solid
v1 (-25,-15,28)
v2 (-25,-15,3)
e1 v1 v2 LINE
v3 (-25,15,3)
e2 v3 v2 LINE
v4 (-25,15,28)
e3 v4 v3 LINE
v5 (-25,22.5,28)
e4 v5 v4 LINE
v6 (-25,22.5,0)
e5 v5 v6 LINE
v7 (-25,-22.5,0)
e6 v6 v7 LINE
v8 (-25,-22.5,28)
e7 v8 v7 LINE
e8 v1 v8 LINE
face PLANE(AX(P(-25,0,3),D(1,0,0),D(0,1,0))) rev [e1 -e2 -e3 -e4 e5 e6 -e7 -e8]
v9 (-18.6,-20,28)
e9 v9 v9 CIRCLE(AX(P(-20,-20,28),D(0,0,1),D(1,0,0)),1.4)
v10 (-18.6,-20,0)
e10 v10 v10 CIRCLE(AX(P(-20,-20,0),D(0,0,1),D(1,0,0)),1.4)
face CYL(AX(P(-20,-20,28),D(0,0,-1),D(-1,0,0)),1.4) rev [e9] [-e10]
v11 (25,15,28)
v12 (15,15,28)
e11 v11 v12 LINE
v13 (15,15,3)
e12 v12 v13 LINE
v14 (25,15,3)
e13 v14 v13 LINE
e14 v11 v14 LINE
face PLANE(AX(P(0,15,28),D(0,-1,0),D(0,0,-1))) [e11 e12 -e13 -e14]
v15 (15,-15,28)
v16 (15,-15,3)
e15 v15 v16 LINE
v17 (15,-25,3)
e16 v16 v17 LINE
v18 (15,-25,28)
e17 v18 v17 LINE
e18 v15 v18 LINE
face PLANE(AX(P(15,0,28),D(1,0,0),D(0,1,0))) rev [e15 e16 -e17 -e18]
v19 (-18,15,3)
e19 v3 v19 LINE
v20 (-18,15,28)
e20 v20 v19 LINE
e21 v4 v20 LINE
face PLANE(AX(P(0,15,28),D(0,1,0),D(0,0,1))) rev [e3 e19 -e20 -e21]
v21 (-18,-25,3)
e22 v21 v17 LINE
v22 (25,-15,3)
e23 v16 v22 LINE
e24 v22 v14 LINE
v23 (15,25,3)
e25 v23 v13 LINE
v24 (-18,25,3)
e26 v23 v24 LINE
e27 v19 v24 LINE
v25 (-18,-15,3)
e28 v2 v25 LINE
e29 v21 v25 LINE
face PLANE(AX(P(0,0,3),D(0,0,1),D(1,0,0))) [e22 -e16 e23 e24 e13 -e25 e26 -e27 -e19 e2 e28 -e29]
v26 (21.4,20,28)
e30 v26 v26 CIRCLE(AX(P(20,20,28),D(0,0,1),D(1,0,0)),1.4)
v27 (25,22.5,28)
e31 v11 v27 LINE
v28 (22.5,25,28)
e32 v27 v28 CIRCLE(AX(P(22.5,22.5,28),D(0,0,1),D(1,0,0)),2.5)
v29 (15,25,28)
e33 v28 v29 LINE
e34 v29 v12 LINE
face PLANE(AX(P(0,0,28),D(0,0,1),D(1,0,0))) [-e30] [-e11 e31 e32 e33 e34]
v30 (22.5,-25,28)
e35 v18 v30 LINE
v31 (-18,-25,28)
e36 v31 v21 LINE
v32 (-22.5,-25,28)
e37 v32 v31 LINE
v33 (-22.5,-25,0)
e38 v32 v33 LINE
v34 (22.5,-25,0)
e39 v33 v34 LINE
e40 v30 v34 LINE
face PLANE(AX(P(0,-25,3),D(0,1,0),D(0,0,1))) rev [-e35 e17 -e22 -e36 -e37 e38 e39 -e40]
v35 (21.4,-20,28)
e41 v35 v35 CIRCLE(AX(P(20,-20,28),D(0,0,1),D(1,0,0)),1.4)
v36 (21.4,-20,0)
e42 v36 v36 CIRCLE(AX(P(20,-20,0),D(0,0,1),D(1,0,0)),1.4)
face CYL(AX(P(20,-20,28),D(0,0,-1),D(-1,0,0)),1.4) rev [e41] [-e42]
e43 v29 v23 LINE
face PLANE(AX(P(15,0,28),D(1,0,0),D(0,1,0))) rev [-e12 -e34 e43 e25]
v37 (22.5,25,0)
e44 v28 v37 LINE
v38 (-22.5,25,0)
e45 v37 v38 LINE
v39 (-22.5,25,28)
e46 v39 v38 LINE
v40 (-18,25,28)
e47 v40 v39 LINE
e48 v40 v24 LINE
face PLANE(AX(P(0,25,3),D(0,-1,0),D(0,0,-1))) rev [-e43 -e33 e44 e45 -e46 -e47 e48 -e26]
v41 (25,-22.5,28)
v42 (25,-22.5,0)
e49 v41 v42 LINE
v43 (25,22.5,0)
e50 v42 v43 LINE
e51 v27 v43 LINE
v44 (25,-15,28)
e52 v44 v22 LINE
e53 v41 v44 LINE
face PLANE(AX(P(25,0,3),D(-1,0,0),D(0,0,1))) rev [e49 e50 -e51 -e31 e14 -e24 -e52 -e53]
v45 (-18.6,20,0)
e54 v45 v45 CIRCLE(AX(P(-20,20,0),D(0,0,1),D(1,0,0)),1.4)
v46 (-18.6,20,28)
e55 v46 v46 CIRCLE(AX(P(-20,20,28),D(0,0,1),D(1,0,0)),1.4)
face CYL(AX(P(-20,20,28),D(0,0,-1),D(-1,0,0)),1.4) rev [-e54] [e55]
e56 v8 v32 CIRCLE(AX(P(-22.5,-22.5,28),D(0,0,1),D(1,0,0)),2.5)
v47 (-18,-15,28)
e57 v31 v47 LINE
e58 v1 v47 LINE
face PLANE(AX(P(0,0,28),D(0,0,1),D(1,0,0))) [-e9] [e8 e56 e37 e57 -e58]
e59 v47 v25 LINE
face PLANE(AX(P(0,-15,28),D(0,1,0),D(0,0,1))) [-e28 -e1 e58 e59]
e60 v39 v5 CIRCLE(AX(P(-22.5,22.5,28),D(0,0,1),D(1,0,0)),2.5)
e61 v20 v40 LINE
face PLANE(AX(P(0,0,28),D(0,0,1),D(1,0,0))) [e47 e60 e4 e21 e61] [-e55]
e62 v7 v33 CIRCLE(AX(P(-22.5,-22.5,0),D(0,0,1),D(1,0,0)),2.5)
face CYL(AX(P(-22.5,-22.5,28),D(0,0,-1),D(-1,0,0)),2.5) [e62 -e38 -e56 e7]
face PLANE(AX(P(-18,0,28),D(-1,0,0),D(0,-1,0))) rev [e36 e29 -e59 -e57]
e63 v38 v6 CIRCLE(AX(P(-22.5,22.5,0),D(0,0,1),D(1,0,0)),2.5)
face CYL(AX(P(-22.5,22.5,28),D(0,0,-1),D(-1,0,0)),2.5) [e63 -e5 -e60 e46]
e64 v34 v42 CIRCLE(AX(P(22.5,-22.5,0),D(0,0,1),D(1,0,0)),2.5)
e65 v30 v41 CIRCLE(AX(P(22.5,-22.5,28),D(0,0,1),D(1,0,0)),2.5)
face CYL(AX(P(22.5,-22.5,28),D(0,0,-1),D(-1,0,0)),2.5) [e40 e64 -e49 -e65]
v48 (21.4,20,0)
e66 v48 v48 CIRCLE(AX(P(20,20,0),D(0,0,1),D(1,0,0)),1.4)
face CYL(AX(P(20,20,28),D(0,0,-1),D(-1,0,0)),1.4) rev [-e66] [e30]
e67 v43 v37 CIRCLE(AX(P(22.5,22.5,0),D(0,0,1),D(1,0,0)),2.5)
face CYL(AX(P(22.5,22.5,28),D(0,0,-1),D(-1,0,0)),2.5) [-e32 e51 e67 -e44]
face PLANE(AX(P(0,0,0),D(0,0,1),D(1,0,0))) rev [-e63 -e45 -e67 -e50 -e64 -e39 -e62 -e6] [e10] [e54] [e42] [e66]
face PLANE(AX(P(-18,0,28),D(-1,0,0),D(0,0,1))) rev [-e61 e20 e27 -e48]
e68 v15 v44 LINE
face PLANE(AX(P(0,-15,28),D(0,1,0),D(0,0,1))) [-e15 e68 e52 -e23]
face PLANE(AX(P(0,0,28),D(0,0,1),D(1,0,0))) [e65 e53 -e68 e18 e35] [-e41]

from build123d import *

# Parameters (mm, degrees)
BOSS_EXTRUDE1_DEPTH = 3
SKETCH1_3_R         = 1.4
BOSS_EXTRUDE2_DEPTH = 28


with BuildPart() as part:
    # Sketch1 → Boss-Extrude1 (new body)
    with BuildSketch(Plane.XY):
        Polygon((25.000000373, 15), (15, 15), (15, 25.000000373), (-18, 25.000000373), (-18, 15), (-25.000000373, 15), (-25.000000373, -15), (-18, -15), (-18, -25.000000373), (15, -25.000000373), (15, -15), (25.000000373, -15), align=None)
    extrude(amount=BOSS_EXTRUDE1_DEPTH)

    # Sketch1<3> → Boss-Extrude2 (add)
    # profile 1 of 4: a face of its own
    with BuildSketch(Plane.XY):
        with BuildLine():
            Line((15, 25.000000373), (15, 15))
            Line((15, 15), (25.000000373, 15))
            Line((25.000000373, 15), (25.000000373, 22.500000373))
            ThreePointArc((25.000000373, 22.500000373), (24.267767325, 24.267767325), (22.500000373, 25.000000373))
            Line((22.500000373, 25.000000373), (15, 25.000000373))
        make_face()
        with Locations((20, 20)):
            Circle(SKETCH1_3_R, mode=Mode.SUBTRACT)
    # profile 2 of 4: a face of its own
    with BuildSketch(Plane.XY):
        with BuildLine():
            Line((-18, 15), (-18, 25.000000373))
            Line((-18, 25.000000373), (-22.500000373, 25.000000373))
            ThreePointArc((-22.500000373, 25.000000373), (-24.267767325, 24.267767325), (-25.000000373, 22.500000373))
            Line((-25.000000373, 22.500000373), (-25.000000373, 15))
            Line((-25.000000373, 15), (-18, 15))
        make_face()
        with Locations((-20, 20)):
            Circle(SKETCH1_3_R, mode=Mode.SUBTRACT)
    # profile 3 of 4: a face of its own
    with BuildSketch(Plane.XY):
        with BuildLine():
            Line((25.000000373, -22.500000373), (25.000000373, -15))
            Line((25.000000373, -15), (15, -15))
            Line((15, -15), (15, -25.000000373))
            Line((15, -25.000000373), (22.500000373, -25.000000373))
            ThreePointArc((22.500000373, -25.000000373), (24.267767325, -24.267767325), (25.000000373, -22.500000373))
        make_face()
        with Locations((20, -20)):
            Circle(SKETCH1_3_R, mode=Mode.SUBTRACT)
    # profile 4 of 4: a face of its own
    with BuildSketch(Plane.XY):
        with BuildLine():
            Line((-22.500000373, -25.000000373), (-18, -25.000000373))
            Line((-18, -25.000000373), (-18, -15))
            Line((-18, -15), (-25.000000373, -15))
            Line((-25.000000373, -15), (-25.000000373, -22.500000373))
            ThreePointArc((-25.000000373, -22.500000373), (-24.267767325, -24.267767325), (-22.500000373, -25.000000373))
        make_face()
        with Locations((-20, -20)):
            Circle(SKETCH1_3_R, mode=Mode.SUBTRACT)
    extrude(amount=BOSS_EXTRUDE2_DEPTH)


solid = part.part
